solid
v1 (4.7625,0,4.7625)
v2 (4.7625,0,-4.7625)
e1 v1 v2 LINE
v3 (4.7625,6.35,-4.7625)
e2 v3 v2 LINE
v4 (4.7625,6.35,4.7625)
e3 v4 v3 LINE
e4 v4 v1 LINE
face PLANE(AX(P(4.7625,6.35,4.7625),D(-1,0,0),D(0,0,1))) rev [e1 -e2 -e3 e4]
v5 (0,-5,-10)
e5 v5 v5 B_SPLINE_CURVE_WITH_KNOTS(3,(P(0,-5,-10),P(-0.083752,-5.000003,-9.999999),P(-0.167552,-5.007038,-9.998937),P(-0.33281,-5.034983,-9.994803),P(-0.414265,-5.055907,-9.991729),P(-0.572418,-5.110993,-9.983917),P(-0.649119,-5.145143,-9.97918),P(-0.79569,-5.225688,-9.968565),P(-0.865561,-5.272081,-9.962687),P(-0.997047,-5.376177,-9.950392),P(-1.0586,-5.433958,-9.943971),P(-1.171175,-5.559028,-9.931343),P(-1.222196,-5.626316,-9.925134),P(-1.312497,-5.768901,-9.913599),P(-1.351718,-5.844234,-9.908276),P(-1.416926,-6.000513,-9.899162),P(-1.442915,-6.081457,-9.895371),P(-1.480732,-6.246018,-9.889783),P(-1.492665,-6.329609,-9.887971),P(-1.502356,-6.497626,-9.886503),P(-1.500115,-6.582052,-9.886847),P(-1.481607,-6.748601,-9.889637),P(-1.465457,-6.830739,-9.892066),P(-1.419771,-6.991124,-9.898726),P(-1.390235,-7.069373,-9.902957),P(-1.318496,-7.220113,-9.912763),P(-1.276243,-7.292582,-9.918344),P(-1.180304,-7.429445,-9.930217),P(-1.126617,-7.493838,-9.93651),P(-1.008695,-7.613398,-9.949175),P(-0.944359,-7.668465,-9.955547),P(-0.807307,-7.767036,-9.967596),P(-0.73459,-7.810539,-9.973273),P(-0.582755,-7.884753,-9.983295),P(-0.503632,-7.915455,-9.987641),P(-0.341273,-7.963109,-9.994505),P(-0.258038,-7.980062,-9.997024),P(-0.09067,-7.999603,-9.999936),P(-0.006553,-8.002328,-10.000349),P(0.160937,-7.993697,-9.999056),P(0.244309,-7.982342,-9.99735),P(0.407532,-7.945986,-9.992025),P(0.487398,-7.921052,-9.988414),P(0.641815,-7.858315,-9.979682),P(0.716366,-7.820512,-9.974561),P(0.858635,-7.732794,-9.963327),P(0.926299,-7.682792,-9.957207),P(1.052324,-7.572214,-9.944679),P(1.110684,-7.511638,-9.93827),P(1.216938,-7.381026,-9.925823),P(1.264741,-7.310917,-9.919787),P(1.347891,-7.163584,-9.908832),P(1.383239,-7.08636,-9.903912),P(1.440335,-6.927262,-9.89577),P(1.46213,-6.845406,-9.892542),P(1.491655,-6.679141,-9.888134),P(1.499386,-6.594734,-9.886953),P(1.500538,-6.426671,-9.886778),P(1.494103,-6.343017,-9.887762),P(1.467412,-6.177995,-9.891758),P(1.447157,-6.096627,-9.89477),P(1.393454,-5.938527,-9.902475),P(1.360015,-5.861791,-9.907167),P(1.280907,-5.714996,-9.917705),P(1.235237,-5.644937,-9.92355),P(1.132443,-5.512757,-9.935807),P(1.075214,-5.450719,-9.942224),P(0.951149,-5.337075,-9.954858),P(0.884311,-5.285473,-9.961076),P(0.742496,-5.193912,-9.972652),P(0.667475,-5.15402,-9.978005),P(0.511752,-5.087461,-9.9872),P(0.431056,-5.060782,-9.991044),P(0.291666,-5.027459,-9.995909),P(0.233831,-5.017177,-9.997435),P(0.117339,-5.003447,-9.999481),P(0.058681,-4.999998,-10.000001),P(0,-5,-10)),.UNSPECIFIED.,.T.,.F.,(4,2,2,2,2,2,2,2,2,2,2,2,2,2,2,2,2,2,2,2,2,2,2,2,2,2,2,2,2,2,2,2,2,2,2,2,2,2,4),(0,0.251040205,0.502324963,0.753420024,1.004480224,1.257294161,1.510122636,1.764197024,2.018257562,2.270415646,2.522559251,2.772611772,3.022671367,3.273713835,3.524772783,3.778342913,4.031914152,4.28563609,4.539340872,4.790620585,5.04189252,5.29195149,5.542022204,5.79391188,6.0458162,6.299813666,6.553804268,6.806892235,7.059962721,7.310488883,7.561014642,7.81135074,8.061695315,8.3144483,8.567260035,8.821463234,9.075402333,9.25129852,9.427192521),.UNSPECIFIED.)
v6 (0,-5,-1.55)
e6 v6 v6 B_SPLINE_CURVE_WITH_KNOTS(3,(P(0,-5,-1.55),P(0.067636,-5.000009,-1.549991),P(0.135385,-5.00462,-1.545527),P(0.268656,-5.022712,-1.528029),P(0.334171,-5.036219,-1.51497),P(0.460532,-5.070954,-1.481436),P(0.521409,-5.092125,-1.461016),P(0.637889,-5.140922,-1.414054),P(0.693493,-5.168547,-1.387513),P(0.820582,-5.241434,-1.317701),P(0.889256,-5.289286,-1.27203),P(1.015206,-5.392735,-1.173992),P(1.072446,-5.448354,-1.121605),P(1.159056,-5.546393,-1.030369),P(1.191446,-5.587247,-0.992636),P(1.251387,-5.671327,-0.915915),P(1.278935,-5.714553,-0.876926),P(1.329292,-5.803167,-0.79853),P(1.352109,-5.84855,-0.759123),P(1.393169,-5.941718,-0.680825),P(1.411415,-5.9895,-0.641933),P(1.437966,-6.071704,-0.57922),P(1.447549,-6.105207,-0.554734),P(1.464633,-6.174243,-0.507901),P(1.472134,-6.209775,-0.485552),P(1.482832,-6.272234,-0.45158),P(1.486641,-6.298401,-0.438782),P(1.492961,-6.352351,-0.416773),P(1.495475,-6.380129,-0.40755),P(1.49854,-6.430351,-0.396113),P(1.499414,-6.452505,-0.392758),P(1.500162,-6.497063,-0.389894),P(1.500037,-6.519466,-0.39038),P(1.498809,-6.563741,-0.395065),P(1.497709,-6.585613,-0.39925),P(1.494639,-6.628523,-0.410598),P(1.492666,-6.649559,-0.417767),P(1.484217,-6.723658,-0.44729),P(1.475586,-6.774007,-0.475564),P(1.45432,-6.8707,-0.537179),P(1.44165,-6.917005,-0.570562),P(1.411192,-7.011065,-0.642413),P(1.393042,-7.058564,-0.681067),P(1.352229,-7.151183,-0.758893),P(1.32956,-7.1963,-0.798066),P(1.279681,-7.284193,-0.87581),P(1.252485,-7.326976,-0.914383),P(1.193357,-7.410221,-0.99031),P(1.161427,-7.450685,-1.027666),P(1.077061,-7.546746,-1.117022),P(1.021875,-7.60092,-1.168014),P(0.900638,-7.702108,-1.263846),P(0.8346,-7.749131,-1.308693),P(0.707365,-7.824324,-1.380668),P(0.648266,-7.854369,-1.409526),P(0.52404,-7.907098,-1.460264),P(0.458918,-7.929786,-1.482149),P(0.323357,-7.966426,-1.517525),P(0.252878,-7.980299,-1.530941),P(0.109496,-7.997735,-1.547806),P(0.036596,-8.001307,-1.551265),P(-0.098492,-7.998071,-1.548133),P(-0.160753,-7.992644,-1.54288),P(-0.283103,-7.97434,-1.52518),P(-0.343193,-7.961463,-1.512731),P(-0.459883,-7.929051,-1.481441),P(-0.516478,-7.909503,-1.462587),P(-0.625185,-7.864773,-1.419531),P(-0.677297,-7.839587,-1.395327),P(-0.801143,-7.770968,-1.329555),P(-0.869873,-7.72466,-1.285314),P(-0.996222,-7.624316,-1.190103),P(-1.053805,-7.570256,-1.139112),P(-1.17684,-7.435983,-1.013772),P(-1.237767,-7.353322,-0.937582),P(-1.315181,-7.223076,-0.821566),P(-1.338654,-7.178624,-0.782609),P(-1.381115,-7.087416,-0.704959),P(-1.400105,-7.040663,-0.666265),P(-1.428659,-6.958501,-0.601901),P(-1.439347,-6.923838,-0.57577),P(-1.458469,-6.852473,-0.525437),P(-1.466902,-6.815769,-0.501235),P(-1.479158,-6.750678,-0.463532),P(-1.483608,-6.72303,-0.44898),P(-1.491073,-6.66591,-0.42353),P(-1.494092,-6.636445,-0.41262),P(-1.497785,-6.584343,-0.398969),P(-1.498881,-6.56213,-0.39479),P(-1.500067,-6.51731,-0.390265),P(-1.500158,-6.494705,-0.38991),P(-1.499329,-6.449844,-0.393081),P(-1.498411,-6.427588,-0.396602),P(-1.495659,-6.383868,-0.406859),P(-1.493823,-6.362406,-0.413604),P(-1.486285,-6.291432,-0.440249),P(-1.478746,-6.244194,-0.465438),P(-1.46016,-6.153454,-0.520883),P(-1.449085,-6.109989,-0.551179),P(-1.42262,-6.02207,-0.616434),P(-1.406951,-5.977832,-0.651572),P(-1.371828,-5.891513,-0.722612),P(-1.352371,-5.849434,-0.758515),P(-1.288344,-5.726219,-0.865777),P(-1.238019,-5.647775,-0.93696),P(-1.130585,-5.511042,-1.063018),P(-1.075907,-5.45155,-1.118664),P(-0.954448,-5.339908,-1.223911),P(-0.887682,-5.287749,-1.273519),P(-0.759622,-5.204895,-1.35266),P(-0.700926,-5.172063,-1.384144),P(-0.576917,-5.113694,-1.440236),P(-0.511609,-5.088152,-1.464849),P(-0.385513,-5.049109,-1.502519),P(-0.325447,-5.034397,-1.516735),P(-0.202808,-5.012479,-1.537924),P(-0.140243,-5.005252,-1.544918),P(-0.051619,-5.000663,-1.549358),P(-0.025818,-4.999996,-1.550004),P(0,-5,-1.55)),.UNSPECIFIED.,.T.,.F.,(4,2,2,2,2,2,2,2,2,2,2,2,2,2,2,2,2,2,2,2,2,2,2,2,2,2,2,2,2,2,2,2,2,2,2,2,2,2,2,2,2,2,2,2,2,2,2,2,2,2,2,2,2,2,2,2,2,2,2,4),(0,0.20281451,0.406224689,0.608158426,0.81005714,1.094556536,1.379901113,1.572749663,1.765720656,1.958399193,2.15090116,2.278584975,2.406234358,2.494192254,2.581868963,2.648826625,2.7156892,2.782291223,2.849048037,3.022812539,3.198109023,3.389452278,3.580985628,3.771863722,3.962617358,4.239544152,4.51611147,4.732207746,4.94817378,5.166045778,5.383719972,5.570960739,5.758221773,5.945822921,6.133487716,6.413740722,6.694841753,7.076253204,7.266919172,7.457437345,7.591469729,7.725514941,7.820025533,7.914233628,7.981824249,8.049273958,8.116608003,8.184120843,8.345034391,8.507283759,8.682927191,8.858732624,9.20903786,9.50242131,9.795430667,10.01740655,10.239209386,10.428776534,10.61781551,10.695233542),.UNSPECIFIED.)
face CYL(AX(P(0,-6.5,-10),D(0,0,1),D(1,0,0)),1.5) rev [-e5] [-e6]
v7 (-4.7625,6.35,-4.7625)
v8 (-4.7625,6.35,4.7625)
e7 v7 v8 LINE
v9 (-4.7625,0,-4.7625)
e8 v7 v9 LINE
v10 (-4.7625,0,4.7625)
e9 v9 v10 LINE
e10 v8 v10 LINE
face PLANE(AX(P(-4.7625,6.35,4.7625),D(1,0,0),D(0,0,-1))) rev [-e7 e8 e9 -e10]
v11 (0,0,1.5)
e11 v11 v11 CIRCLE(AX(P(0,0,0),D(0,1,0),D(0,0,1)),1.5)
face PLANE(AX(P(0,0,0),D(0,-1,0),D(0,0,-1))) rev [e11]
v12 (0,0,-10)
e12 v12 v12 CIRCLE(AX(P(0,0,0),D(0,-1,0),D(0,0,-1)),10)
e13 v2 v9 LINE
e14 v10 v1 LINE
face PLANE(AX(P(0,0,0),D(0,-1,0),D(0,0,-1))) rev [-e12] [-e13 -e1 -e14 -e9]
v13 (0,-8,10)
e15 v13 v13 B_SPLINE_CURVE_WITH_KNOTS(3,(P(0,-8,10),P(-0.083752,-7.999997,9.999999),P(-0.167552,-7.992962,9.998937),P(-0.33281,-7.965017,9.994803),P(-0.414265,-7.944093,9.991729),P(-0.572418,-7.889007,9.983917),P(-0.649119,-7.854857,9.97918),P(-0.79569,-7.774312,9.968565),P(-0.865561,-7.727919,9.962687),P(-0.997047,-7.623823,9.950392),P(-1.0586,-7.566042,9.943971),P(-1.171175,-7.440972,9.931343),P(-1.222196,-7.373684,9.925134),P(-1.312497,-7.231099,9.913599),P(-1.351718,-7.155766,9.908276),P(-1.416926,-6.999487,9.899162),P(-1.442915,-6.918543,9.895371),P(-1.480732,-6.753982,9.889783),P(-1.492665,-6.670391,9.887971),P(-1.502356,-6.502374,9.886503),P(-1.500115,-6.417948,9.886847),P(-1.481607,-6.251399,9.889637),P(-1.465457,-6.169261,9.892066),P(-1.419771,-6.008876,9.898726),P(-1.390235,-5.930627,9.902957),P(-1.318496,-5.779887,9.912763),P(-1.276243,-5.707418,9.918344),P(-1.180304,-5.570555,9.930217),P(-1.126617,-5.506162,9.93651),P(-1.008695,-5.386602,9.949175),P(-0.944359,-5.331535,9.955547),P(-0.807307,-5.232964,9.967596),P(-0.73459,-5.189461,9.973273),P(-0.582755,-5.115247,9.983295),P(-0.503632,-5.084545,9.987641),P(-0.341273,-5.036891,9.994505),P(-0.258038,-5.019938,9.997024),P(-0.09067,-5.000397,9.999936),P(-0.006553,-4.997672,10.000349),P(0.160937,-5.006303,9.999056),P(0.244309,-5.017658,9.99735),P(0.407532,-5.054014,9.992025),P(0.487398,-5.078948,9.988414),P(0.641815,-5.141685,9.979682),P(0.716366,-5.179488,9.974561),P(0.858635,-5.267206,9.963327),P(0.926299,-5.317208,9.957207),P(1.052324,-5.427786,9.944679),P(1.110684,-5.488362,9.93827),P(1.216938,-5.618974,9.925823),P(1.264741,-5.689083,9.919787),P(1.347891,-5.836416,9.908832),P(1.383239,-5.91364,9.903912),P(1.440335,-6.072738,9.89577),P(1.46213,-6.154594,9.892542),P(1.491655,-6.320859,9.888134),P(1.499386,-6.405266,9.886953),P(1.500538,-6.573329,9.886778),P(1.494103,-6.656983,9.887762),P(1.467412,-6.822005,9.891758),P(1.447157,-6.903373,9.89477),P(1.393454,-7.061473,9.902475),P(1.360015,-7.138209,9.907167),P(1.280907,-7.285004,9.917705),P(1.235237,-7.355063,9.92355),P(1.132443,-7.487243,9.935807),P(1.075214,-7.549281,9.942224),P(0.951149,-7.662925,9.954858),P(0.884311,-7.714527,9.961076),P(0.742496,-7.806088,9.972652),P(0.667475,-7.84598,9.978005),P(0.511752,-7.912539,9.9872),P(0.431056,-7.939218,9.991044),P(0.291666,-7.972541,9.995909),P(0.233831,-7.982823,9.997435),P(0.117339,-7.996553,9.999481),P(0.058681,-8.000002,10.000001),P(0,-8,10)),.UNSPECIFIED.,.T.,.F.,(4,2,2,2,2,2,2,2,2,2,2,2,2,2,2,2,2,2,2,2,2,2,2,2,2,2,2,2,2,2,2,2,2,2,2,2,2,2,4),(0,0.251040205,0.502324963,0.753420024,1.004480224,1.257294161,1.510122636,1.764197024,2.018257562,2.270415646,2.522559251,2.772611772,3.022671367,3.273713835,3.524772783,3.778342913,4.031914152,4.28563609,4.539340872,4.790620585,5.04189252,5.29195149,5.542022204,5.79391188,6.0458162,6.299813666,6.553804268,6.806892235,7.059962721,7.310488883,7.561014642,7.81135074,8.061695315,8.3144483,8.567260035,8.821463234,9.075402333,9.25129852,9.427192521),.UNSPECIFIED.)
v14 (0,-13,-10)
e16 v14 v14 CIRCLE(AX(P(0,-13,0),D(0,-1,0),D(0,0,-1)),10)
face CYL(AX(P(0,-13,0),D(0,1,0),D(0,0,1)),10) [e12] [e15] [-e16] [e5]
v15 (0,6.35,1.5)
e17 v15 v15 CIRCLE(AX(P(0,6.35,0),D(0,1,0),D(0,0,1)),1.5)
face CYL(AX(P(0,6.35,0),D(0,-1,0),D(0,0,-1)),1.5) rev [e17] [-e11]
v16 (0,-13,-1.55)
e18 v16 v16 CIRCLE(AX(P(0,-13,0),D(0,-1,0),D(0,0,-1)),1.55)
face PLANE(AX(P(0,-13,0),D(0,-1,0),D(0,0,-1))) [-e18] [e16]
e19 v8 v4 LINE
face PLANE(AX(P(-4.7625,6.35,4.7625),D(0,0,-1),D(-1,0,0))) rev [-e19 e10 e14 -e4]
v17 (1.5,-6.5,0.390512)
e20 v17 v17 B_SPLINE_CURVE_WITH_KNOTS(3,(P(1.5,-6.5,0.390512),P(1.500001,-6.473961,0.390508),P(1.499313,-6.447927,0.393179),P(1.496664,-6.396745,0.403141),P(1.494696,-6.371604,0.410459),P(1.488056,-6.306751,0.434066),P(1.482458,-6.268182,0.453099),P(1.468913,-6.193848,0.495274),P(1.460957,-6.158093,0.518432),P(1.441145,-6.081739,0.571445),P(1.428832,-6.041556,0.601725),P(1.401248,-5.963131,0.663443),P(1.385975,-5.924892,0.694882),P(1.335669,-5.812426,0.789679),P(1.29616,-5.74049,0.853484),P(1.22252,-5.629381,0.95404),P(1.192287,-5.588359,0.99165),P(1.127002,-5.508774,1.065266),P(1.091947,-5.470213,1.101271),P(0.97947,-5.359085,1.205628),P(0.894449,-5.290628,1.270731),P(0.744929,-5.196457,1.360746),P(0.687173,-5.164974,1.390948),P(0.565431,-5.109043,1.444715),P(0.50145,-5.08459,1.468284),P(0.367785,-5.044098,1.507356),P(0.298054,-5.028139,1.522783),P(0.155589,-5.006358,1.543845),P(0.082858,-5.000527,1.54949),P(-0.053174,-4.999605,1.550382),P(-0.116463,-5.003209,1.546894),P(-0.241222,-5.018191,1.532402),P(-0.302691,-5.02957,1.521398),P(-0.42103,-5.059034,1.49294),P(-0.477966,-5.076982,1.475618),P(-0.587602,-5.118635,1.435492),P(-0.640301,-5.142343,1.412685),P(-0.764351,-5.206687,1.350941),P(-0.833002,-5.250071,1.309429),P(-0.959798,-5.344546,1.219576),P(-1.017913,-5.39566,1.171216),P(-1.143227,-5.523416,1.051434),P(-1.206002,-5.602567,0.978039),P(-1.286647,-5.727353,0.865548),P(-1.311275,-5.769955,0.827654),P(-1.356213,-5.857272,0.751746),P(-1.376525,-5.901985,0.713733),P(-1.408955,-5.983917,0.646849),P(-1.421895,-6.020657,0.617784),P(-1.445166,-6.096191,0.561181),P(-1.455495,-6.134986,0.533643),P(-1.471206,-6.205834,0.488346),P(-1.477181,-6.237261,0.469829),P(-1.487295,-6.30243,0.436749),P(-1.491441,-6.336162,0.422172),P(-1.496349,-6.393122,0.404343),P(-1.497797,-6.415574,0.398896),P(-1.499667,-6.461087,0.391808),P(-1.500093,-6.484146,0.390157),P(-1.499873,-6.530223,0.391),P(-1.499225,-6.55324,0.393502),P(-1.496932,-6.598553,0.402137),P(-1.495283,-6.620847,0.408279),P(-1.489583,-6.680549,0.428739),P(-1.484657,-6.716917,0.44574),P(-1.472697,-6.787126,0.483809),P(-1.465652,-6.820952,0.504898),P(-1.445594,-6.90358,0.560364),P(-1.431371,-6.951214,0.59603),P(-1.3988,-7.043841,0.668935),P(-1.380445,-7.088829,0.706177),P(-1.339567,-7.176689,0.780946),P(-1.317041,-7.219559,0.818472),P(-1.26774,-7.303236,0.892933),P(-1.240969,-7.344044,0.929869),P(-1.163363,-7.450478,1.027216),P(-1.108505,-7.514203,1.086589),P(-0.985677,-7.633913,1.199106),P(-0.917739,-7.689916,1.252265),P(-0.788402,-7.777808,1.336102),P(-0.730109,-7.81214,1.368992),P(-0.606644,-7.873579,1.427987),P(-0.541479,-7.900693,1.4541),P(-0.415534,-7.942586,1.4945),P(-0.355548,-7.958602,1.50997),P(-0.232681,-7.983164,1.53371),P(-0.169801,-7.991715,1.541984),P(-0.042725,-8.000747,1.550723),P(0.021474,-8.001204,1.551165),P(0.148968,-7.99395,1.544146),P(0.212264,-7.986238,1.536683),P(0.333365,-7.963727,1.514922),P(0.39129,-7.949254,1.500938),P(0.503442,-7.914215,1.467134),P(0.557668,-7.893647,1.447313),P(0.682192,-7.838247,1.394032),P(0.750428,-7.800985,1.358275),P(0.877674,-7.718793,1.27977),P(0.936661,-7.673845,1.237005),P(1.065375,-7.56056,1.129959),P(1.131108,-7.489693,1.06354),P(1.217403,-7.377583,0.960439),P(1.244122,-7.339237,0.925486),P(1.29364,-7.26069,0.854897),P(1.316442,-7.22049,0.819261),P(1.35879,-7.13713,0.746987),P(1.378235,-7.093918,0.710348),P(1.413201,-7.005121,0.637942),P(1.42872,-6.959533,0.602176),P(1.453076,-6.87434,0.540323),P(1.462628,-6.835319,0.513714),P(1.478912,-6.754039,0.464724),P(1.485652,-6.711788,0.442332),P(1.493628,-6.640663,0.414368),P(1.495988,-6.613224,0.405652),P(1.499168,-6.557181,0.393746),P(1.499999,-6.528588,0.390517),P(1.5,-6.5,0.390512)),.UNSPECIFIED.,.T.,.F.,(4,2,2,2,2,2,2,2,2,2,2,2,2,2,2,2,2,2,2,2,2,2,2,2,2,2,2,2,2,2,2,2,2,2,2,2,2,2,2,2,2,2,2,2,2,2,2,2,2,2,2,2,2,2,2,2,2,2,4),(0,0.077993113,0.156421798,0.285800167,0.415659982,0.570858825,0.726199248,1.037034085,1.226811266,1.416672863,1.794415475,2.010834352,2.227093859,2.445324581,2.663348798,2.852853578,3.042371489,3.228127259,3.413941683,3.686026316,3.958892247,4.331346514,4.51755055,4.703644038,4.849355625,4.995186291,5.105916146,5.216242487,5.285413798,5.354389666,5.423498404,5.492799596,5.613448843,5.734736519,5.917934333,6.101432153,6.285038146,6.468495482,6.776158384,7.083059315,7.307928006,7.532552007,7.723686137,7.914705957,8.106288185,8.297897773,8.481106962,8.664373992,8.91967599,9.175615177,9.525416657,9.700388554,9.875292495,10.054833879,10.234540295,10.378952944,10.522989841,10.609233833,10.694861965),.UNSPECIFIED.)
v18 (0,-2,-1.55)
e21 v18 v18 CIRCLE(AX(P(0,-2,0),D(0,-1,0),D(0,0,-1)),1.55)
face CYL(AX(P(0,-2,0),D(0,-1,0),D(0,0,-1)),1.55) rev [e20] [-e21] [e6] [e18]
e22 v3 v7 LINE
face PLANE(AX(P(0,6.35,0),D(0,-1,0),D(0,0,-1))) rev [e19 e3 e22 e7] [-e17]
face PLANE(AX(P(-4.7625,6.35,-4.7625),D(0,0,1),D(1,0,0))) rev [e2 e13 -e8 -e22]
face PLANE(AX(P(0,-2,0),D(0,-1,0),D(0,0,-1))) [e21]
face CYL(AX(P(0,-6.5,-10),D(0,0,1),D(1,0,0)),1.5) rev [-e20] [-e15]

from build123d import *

# Parameters (mm, degrees)
SKETCH1_W           = 9.525
SKETCH1_H           = 9.525
SKETCH1_R           = 1.5
BOSS_EXTRUDE1_DEPTH = 6.35
SKETCH2_R           = 10
BOSS_EXTRUDE2_DEPTH = 13
SKETCH3_R           = 1.55
CUT_EXTRUDE1_DEPTH  = 11
SKETCH5_R           = 1.5
CUT_EXTRUDE2_DEPTH  = 10


with BuildPart() as part:
    # Sketch1 → Boss-Extrude1 (new body)
    with BuildSketch(Plane(origin=(0, 0, 0), x_dir=(1, 0, 0), z_dir=(0, 1, 0))):
        Rectangle(SKETCH1_W, SKETCH1_H)
        with Locations(Location((0, 0, 0), (0, 0, 270))):
            Circle(SKETCH1_R, mode=Mode.SUBTRACT)
    extrude(amount=BOSS_EXTRUDE1_DEPTH)

    # Sketch2 → Boss-Extrude2 (add)
    with BuildSketch(Plane.XZ):
        with Locations(Location((0, 0, 0), (0, 0, 90))):
            Circle(SKETCH2_R)
    extrude(amount=BOSS_EXTRUDE2_DEPTH)

    # Sketch3 → Cut-Extrude1 (cut)
    with BuildSketch(Plane.XZ.offset(13)):
        with Locations(Location((0, 0, 0), (0, 0, 270))):
            Circle(SKETCH3_R)
    extrude(amount=-CUT_EXTRUDE1_DEPTH, mode=Mode.SUBTRACT)

    # Sketch5 → Cut-Extrude2 (cut, symmetric)
    with BuildSketch(Plane.XY):
        with Locations((0, -6.5)):
            Circle(SKETCH5_R)
    extrude(amount=CUT_EXTRUDE2_DEPTH, both=True, mode=Mode.SUBTRACT)


solid = part.part
